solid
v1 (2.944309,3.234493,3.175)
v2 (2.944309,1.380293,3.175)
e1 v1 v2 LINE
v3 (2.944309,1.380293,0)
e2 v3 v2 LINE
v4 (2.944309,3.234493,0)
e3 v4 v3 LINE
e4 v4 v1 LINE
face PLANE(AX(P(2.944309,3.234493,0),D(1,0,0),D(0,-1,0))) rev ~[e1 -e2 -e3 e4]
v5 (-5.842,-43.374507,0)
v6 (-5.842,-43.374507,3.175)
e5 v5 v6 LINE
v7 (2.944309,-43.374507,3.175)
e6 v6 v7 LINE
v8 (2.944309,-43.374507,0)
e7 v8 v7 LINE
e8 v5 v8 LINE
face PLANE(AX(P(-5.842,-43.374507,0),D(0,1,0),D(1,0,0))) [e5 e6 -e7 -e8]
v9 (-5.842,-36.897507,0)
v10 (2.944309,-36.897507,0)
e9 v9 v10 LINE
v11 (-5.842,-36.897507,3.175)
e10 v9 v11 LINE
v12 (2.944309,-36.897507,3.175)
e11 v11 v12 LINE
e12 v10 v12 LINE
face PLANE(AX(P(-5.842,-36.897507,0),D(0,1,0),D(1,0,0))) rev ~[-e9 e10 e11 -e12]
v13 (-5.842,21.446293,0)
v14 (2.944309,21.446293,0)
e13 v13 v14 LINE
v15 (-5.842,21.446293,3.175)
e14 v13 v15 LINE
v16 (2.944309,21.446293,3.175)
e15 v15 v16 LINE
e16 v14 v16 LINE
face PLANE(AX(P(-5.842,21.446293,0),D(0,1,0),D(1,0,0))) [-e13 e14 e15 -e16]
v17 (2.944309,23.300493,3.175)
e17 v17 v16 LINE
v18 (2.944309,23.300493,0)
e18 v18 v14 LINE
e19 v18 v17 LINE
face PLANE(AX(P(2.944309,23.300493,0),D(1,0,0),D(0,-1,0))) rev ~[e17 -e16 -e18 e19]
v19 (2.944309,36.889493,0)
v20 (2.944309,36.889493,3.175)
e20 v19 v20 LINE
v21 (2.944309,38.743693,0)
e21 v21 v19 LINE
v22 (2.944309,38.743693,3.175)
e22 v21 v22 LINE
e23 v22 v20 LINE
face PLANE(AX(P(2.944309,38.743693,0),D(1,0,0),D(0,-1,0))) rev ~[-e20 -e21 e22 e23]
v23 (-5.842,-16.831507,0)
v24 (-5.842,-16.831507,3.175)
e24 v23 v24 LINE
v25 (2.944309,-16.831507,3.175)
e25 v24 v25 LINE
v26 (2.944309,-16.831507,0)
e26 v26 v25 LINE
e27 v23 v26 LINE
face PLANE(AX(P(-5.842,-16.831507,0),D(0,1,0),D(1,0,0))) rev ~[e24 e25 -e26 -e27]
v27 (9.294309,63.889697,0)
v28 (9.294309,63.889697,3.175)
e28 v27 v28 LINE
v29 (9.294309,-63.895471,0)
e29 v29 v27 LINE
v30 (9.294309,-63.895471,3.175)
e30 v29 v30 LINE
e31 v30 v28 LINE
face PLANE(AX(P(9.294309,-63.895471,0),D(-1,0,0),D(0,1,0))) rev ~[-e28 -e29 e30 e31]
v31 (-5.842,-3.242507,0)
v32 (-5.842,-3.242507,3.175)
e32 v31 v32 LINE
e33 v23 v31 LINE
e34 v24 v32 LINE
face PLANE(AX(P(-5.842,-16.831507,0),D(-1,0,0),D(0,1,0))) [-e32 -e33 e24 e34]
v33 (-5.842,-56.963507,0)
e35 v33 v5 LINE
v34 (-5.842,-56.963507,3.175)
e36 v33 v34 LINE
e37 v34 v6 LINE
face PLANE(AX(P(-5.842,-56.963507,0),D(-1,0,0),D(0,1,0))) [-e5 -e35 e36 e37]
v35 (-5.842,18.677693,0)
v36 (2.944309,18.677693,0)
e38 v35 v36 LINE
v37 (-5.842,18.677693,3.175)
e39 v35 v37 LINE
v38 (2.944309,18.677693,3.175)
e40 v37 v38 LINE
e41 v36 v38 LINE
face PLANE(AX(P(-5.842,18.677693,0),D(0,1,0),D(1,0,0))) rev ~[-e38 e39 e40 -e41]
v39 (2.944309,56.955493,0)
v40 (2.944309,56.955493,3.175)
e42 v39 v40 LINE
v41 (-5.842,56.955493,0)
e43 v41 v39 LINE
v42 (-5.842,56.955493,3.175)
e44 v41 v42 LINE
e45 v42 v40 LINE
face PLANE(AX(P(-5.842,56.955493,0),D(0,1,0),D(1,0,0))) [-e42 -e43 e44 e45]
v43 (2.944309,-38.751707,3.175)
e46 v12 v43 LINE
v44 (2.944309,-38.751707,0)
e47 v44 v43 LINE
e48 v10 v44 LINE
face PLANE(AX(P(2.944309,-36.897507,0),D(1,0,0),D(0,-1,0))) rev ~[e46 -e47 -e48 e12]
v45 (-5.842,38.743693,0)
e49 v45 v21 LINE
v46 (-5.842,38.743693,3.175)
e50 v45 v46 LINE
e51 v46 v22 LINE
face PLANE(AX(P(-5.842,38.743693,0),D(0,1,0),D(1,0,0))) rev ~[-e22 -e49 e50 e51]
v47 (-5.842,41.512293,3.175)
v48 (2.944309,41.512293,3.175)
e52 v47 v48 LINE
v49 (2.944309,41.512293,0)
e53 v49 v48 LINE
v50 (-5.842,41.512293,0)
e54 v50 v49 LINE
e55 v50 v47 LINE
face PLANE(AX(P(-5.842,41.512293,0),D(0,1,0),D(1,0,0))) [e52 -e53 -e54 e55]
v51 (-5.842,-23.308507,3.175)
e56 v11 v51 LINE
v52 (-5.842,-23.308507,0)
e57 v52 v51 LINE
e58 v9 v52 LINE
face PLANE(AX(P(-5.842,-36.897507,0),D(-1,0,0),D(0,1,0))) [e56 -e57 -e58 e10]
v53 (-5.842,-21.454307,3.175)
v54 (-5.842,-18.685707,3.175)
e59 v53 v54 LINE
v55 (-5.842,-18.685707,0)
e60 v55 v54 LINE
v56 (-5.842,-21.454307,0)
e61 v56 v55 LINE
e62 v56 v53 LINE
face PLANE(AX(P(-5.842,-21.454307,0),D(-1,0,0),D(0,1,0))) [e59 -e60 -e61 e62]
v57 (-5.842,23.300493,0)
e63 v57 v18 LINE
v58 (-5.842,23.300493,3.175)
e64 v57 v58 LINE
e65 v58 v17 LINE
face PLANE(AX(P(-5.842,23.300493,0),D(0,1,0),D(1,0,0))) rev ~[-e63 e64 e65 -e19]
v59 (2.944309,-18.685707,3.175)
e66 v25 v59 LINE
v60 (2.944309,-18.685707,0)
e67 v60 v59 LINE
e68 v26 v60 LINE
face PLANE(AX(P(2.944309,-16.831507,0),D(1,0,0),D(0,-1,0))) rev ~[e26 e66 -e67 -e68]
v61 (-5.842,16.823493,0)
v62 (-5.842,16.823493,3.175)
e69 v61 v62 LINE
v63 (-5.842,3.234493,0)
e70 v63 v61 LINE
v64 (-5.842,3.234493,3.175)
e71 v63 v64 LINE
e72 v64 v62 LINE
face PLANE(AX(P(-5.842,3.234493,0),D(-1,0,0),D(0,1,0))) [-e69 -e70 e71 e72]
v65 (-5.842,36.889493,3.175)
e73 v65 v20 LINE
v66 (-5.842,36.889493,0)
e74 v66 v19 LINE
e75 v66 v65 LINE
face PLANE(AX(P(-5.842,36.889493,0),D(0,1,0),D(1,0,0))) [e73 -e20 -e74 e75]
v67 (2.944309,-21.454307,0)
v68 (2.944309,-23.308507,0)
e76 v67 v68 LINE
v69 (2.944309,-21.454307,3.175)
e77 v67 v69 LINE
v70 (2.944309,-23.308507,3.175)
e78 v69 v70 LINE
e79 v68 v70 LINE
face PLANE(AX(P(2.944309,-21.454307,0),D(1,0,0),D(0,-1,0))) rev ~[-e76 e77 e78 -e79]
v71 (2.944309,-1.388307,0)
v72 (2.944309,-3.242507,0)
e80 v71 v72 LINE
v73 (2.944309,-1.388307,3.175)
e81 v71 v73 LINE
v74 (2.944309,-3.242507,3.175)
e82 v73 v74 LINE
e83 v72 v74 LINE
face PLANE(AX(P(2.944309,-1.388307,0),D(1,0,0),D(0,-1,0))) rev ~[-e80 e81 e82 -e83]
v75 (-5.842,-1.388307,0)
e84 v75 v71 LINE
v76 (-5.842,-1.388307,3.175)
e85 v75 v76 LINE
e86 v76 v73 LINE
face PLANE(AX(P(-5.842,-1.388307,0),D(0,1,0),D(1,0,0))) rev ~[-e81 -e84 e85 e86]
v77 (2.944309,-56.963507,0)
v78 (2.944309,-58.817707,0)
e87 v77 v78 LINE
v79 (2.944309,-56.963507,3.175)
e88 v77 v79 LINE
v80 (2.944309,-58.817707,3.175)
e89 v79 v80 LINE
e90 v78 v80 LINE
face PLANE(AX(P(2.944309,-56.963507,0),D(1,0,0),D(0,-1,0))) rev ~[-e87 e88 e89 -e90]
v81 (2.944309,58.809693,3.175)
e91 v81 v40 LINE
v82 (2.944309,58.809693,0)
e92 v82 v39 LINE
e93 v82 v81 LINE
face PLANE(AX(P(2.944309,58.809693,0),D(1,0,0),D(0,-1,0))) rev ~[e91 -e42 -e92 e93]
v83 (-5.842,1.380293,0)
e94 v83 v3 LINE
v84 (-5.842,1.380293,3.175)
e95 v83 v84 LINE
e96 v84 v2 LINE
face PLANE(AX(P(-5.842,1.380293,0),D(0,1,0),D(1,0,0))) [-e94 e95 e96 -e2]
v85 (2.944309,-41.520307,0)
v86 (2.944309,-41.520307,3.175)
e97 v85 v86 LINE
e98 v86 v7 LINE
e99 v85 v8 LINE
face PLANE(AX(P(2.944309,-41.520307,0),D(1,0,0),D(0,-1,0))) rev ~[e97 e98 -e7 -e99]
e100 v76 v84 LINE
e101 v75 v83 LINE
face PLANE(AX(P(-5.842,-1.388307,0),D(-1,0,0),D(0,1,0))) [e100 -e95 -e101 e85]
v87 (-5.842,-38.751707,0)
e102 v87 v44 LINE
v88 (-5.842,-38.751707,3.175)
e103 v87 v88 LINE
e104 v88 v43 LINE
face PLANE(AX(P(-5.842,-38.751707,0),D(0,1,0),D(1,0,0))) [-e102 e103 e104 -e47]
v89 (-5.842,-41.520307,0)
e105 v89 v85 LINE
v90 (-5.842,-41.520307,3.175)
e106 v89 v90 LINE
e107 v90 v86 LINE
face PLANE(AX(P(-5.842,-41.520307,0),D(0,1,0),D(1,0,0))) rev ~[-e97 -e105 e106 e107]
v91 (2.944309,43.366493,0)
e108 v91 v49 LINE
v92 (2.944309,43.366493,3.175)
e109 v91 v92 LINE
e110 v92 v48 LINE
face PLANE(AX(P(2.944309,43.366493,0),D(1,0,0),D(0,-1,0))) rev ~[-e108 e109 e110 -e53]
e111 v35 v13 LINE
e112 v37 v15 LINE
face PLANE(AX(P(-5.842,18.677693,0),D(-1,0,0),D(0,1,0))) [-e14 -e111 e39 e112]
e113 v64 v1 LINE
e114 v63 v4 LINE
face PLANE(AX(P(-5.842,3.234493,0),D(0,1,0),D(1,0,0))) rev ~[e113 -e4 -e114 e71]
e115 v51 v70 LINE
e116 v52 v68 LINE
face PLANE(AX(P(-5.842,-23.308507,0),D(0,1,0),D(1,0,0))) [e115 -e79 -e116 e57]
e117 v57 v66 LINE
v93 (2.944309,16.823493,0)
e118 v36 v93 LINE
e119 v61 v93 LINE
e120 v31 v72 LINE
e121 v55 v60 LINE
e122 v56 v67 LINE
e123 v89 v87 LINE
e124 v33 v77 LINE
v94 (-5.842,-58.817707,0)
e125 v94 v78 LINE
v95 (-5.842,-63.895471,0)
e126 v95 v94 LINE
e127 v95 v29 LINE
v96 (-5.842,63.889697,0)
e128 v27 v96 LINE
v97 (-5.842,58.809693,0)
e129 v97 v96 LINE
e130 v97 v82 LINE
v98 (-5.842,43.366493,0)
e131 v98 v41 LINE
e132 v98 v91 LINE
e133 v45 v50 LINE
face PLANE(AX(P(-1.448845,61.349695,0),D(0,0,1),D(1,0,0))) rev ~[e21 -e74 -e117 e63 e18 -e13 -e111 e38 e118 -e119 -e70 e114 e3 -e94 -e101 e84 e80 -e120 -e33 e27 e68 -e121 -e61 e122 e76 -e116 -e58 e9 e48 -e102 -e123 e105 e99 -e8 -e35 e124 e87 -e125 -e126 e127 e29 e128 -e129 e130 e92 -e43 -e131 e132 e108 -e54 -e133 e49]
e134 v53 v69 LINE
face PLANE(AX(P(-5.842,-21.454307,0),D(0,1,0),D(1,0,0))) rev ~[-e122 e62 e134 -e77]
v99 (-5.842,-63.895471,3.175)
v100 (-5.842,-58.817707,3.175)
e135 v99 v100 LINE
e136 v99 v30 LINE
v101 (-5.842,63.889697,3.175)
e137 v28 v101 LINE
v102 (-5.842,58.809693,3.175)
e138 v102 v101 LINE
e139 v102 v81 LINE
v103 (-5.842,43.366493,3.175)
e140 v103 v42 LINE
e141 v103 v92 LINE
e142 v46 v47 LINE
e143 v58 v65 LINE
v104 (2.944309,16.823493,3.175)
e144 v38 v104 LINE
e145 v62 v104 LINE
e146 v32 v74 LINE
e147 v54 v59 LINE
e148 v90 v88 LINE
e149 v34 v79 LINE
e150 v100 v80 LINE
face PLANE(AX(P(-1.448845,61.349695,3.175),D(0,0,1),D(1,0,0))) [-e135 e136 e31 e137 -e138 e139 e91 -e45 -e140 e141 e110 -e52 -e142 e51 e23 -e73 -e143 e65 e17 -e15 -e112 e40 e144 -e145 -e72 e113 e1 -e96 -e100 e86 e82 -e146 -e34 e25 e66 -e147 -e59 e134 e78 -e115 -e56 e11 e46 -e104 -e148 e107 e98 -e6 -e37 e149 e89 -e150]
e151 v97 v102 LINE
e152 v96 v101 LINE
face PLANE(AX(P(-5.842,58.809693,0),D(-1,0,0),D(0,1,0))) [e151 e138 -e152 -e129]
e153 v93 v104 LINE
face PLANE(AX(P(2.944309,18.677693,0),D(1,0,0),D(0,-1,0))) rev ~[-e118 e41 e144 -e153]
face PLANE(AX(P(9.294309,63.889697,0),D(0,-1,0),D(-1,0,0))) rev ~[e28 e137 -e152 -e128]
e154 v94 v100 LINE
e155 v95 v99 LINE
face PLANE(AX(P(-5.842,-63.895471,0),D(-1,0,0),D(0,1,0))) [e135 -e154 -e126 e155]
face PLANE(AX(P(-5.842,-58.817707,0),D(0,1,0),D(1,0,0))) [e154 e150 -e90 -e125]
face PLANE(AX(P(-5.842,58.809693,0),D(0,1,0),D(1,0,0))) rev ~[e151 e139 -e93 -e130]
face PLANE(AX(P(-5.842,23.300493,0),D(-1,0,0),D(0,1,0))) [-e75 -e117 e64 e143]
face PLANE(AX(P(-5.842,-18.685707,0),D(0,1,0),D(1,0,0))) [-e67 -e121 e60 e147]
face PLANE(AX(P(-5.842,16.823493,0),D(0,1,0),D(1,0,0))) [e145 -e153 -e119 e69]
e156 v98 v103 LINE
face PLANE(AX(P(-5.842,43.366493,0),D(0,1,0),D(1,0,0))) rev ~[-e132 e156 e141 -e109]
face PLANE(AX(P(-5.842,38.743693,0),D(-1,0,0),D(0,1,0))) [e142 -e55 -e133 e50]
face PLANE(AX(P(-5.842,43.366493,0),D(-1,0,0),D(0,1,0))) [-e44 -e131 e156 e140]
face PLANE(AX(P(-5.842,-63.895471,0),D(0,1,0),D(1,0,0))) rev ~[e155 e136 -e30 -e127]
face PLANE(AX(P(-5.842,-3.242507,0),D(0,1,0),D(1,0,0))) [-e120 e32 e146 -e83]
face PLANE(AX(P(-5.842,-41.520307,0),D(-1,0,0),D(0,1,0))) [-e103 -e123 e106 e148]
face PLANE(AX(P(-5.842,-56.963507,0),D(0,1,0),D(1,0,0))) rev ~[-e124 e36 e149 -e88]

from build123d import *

# Parameters (mm, degrees)
F0_W     = 8.786309
F0_H     = 5.080004
F0_H_2   = 13.589
F0_H_3   = 2.7686
F0_H_4   = 5.077764
F1_DEPTH = 3.175


with BuildPart() as f1:
    # F0 (on Top) → F1 (new body)
    with BuildSketch(Plane.XY):
        with Locations((-1.448845, 61.349695)):
            Rectangle(F0_W, F0_H)
        Polygon((2.944309, 58.809693), (2.944309, 56.955493), (2.944309, 43.366493), (2.944309, 41.512293), (2.944309, 38.743693), (2.944309, 36.889493), (2.944309, 23.300493), (2.944309, 21.446293), (2.944309, 18.677693), (2.944309, 16.823493), (2.944309, 3.234493), (2.944309, 1.380293), (2.944309, -1.388307), (2.944309, -3.242507), (2.944309, -16.831507), (2.944309, -18.685707), (2.944309, -21.454307), (2.944309, -23.308507), (2.944309, -36.897507), (2.944309, -38.751707), (2.944309, -41.520307), (2.944309, -43.374507), (2.944309, -56.963507), (2.944309, -58.817707), (2.944309, -63.895471), (9.294309, -63.895471), (9.294309, 63.889697), (2.944309, 63.889697), align=None)
        with Locations((-1.448845, 50.160993)):
            Rectangle(F0_W, F0_H_2)
        with Locations((-1.448845, 40.127993)):
            Rectangle(F0_W, F0_H_3)
        with Locations((-1.448845, 30.094993)):
            Rectangle(F0_W, F0_H_2)
        with Locations((-1.448845, 20.061993)):
            Rectangle(F0_W, F0_H_3)
        with Locations((-1.448845, 10.028993)):
            Rectangle(F0_W, F0_H_2)
        with Locations((-1.448845, -0.004007)):
            Rectangle(F0_W, F0_H_3)
        with Locations((-1.448845, -10.037007)):
            Rectangle(F0_W, F0_H_2)
        with Locations((-1.448845, -20.070007)):
            Rectangle(F0_W, F0_H_3)
        with Locations((-1.448845, -30.103007)):
            Rectangle(F0_W, F0_H_2)
        with Locations((-1.448845, -40.136007)):
            Rectangle(F0_W, F0_H_3)
        with Locations((-1.448845, -50.169007)):
            Rectangle(F0_W, F0_H_2)
        with Locations((-1.448845, -61.356589)):
            Rectangle(F0_W, F0_H_4)
    extrude(amount=F1_DEPTH)


solid = f1.part
